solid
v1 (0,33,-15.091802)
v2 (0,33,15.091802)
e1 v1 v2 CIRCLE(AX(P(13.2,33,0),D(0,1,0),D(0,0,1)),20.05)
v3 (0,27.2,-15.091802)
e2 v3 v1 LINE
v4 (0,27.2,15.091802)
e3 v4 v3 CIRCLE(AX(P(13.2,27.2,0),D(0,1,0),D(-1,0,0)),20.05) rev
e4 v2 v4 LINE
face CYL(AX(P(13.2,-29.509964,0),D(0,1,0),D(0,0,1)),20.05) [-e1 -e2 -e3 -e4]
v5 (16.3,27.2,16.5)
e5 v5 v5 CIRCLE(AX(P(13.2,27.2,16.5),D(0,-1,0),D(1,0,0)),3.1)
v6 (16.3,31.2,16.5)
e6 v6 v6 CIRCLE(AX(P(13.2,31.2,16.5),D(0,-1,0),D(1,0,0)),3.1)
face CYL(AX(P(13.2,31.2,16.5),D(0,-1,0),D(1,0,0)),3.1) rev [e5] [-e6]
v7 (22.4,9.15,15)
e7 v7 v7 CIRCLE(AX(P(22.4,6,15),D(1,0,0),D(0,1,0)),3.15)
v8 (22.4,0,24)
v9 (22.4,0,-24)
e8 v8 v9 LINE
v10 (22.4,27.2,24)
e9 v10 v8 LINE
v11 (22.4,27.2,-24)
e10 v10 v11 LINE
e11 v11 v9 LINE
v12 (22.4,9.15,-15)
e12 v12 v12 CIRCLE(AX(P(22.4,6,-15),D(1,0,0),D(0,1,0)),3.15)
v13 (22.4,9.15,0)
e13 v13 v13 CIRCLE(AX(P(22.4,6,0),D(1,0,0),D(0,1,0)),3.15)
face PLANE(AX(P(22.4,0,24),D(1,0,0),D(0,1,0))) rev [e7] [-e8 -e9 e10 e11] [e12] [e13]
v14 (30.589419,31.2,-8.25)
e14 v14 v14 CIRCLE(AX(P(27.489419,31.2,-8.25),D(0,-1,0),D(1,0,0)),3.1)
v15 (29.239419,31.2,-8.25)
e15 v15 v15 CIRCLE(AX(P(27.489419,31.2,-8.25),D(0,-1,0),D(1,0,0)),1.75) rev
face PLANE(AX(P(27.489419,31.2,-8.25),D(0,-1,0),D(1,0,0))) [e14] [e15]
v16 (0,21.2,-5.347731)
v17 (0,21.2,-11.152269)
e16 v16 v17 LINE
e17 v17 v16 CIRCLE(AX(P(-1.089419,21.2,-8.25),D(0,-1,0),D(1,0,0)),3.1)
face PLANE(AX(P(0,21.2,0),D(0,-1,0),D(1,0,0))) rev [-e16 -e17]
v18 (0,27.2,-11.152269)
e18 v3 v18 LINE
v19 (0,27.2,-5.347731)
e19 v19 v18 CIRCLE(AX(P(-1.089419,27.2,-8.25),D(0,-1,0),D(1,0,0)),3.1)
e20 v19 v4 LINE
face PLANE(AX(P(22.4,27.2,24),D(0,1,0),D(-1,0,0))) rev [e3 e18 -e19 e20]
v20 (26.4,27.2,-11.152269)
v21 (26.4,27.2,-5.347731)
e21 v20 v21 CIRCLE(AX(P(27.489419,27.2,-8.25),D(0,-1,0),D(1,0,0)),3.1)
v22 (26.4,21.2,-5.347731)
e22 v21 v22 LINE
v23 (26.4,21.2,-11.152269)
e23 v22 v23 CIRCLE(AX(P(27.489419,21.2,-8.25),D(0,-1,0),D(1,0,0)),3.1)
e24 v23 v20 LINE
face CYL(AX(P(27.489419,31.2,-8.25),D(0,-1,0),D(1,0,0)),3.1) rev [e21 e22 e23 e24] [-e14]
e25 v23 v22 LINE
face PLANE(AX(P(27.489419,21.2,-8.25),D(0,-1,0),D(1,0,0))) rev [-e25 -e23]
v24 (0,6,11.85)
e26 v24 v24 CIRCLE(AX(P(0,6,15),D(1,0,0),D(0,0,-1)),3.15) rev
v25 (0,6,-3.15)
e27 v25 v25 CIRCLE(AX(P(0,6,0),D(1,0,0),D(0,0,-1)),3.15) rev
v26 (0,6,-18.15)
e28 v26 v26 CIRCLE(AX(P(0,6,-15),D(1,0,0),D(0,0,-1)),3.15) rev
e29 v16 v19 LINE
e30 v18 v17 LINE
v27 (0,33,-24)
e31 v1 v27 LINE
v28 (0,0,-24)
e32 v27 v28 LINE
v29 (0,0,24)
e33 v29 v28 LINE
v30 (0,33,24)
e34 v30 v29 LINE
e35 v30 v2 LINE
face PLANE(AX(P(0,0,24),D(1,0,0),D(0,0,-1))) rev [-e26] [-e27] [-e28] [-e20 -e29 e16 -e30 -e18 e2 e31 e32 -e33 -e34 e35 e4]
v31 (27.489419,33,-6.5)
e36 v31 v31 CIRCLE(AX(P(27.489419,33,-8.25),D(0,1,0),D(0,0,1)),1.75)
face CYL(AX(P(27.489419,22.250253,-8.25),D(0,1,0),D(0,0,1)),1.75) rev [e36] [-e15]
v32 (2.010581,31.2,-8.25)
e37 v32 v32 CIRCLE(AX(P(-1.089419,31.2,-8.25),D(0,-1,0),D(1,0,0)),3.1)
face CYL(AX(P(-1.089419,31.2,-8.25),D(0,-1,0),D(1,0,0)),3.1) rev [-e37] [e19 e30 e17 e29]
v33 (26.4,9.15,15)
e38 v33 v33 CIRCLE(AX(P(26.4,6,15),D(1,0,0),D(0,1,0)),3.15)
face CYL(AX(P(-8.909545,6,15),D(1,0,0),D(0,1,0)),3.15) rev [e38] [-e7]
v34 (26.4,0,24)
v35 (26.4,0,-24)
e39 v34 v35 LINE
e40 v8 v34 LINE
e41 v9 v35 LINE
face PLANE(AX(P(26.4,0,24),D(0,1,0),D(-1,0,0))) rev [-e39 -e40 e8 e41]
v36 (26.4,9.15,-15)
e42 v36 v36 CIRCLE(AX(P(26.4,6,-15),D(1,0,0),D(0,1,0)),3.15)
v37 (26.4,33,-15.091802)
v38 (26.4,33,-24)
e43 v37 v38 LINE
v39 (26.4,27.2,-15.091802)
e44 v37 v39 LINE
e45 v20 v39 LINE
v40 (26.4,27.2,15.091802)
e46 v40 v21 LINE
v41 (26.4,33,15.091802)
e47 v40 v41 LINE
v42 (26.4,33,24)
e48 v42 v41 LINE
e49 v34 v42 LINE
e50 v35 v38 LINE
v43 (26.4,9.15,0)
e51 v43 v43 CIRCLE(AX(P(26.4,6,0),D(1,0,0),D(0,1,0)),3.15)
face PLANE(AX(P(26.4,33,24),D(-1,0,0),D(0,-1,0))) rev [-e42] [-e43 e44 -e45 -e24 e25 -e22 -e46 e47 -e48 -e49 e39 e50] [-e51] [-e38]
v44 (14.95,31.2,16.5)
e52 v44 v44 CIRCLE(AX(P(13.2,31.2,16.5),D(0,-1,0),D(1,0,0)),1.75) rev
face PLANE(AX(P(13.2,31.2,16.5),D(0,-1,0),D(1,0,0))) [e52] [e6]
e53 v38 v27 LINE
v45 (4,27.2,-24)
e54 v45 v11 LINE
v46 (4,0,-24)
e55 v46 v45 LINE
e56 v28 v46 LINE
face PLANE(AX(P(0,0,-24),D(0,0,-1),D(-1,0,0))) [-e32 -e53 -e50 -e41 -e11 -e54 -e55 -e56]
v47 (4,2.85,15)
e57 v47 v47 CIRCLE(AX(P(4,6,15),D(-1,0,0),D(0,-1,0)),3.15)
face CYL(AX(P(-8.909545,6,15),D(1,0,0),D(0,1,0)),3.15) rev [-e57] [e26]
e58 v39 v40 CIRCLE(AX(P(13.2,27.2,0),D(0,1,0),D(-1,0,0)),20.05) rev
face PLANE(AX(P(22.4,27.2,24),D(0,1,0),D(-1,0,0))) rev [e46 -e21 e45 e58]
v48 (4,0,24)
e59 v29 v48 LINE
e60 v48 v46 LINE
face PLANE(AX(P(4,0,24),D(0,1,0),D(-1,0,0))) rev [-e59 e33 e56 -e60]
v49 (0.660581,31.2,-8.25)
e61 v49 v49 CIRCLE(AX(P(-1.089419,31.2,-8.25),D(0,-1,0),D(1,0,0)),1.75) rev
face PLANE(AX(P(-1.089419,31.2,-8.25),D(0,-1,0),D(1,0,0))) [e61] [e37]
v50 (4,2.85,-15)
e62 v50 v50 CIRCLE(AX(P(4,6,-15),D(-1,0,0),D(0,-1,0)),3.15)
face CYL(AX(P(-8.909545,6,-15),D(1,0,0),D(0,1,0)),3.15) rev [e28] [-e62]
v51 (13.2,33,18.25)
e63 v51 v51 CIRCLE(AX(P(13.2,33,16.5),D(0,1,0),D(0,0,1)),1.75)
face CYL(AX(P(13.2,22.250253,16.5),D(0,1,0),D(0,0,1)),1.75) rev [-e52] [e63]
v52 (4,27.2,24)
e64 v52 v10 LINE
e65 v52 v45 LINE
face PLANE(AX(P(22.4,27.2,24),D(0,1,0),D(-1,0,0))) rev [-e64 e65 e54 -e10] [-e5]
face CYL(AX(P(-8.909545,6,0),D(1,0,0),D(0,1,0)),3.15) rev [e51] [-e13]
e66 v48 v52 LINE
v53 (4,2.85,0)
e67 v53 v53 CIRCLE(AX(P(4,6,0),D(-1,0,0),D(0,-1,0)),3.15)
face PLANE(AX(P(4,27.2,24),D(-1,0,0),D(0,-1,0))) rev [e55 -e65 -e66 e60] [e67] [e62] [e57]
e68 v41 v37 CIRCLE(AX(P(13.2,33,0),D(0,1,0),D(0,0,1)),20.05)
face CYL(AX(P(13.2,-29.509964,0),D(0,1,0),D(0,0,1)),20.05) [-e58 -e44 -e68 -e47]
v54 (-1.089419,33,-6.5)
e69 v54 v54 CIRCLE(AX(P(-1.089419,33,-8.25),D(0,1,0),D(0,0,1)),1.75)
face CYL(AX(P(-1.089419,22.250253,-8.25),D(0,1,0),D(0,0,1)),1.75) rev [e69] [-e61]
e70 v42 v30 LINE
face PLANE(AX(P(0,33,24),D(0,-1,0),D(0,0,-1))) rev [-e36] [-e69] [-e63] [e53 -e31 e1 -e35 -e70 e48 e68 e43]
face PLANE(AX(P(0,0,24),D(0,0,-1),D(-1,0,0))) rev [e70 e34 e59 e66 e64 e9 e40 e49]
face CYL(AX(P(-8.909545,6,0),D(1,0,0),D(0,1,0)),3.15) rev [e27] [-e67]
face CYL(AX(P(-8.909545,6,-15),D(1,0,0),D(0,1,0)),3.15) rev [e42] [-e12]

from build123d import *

# Parameters (mm, degrees)
EXTRUDE_1_DEPTH     = 24
SKETCH_3_R          = 3.15
CUT_EXTRUDE_2_DEPTH = 26.4
SKETCH_4_R          = 20.05
EXTRUDE_2_DEPTH     = 5.8
SKETCH_5_R          = 1.75
CUT_EXTRUDE_3_DEPTH = 5.8
SKETCH_6_R          = 3.1
CUT_EXTRUDE_4_DEPTH = 4
SKETCH_6_3_R        = 3.1
CUT_EXTRUDE_5_DEPTH = 6


with BuildPart() as part:
    # 草圖1 → 填料-伸長1 (new body, symmetric)
    with BuildSketch(Plane.XY):
        Polygon((0, 0), (0, 33), (26.4, 33), (26.4, 0), (22.4, 0), (22.4, 27.2), (4, 27.2), (4, 0), align=None)
    extrude(amount=EXTRUDE_1_DEPTH, both=True)

    # 草圖3 → 除料-伸長2 (cut)
    with BuildSketch(Plane(origin=(26.4, 0, 0), x_dir=(0, 0, -1), z_dir=(1, 0, 0))):
        with Locations((0, 6)):
            Circle(SKETCH_3_R)
        with Locations((15, 6)):
            Circle(SKETCH_3_R)
        with Locations((-15, 6)):
            Circle(SKETCH_3_R)
    extrude(amount=-CUT_EXTRUDE_2_DEPTH, mode=Mode.SUBTRACT)

    # 草圖4 → 填料-伸長2 (add)
    with BuildSketch(Plane(origin=(0, 33, 0), x_dir=(1, 0, 0), z_dir=(0, 1, 0))):
        with Locations((13.2, 0)):
            Circle(SKETCH_4_R)
    extrude(amount=-EXTRUDE_2_DEPTH)

    # 草圖5 → 除料-伸長3 (cut)
    with BuildSketch(Plane(origin=(0, 33, 0), x_dir=(1, 0, 0), z_dir=(0, 1, 0))):
        with Locations((13.2, -16.5)):
            Circle(SKETCH_5_R)
        with Locations((-1.089419162, 8.25)):
            Circle(SKETCH_5_R)
        with Locations((27.489419162, 8.25)):
            Circle(SKETCH_5_R)
    extrude(amount=-CUT_EXTRUDE_3_DEPTH, mode=Mode.SUBTRACT)

    # 草圖6 → 除料-伸長4 (cut)
    with BuildSketch(Plane.XZ.offset(-27.2)):
        with Locations((-1.089419162, -8.25)):
            Circle(SKETCH_6_R)
        with Locations((13.2, 16.5)):
            Circle(SKETCH_6_R)
        with Locations((27.489419162, -8.25)):
            Circle(SKETCH_6_R)
    extrude(amount=-CUT_EXTRUDE_4_DEPTH, mode=Mode.SUBTRACT)

    # 草圖6<3> → 除料-伸長5 (cut)
    with BuildSketch(Plane.XZ.offset(-27.2)):
        with Locations((-1.089419162, -8.25)):
            Circle(SKETCH_6_3_R)
        with Locations((27.489419162, -8.25)):
            Circle(SKETCH_6_3_R)
    extrude(amount=CUT_EXTRUDE_5_DEPTH, mode=Mode.SUBTRACT)


solid = part.part
